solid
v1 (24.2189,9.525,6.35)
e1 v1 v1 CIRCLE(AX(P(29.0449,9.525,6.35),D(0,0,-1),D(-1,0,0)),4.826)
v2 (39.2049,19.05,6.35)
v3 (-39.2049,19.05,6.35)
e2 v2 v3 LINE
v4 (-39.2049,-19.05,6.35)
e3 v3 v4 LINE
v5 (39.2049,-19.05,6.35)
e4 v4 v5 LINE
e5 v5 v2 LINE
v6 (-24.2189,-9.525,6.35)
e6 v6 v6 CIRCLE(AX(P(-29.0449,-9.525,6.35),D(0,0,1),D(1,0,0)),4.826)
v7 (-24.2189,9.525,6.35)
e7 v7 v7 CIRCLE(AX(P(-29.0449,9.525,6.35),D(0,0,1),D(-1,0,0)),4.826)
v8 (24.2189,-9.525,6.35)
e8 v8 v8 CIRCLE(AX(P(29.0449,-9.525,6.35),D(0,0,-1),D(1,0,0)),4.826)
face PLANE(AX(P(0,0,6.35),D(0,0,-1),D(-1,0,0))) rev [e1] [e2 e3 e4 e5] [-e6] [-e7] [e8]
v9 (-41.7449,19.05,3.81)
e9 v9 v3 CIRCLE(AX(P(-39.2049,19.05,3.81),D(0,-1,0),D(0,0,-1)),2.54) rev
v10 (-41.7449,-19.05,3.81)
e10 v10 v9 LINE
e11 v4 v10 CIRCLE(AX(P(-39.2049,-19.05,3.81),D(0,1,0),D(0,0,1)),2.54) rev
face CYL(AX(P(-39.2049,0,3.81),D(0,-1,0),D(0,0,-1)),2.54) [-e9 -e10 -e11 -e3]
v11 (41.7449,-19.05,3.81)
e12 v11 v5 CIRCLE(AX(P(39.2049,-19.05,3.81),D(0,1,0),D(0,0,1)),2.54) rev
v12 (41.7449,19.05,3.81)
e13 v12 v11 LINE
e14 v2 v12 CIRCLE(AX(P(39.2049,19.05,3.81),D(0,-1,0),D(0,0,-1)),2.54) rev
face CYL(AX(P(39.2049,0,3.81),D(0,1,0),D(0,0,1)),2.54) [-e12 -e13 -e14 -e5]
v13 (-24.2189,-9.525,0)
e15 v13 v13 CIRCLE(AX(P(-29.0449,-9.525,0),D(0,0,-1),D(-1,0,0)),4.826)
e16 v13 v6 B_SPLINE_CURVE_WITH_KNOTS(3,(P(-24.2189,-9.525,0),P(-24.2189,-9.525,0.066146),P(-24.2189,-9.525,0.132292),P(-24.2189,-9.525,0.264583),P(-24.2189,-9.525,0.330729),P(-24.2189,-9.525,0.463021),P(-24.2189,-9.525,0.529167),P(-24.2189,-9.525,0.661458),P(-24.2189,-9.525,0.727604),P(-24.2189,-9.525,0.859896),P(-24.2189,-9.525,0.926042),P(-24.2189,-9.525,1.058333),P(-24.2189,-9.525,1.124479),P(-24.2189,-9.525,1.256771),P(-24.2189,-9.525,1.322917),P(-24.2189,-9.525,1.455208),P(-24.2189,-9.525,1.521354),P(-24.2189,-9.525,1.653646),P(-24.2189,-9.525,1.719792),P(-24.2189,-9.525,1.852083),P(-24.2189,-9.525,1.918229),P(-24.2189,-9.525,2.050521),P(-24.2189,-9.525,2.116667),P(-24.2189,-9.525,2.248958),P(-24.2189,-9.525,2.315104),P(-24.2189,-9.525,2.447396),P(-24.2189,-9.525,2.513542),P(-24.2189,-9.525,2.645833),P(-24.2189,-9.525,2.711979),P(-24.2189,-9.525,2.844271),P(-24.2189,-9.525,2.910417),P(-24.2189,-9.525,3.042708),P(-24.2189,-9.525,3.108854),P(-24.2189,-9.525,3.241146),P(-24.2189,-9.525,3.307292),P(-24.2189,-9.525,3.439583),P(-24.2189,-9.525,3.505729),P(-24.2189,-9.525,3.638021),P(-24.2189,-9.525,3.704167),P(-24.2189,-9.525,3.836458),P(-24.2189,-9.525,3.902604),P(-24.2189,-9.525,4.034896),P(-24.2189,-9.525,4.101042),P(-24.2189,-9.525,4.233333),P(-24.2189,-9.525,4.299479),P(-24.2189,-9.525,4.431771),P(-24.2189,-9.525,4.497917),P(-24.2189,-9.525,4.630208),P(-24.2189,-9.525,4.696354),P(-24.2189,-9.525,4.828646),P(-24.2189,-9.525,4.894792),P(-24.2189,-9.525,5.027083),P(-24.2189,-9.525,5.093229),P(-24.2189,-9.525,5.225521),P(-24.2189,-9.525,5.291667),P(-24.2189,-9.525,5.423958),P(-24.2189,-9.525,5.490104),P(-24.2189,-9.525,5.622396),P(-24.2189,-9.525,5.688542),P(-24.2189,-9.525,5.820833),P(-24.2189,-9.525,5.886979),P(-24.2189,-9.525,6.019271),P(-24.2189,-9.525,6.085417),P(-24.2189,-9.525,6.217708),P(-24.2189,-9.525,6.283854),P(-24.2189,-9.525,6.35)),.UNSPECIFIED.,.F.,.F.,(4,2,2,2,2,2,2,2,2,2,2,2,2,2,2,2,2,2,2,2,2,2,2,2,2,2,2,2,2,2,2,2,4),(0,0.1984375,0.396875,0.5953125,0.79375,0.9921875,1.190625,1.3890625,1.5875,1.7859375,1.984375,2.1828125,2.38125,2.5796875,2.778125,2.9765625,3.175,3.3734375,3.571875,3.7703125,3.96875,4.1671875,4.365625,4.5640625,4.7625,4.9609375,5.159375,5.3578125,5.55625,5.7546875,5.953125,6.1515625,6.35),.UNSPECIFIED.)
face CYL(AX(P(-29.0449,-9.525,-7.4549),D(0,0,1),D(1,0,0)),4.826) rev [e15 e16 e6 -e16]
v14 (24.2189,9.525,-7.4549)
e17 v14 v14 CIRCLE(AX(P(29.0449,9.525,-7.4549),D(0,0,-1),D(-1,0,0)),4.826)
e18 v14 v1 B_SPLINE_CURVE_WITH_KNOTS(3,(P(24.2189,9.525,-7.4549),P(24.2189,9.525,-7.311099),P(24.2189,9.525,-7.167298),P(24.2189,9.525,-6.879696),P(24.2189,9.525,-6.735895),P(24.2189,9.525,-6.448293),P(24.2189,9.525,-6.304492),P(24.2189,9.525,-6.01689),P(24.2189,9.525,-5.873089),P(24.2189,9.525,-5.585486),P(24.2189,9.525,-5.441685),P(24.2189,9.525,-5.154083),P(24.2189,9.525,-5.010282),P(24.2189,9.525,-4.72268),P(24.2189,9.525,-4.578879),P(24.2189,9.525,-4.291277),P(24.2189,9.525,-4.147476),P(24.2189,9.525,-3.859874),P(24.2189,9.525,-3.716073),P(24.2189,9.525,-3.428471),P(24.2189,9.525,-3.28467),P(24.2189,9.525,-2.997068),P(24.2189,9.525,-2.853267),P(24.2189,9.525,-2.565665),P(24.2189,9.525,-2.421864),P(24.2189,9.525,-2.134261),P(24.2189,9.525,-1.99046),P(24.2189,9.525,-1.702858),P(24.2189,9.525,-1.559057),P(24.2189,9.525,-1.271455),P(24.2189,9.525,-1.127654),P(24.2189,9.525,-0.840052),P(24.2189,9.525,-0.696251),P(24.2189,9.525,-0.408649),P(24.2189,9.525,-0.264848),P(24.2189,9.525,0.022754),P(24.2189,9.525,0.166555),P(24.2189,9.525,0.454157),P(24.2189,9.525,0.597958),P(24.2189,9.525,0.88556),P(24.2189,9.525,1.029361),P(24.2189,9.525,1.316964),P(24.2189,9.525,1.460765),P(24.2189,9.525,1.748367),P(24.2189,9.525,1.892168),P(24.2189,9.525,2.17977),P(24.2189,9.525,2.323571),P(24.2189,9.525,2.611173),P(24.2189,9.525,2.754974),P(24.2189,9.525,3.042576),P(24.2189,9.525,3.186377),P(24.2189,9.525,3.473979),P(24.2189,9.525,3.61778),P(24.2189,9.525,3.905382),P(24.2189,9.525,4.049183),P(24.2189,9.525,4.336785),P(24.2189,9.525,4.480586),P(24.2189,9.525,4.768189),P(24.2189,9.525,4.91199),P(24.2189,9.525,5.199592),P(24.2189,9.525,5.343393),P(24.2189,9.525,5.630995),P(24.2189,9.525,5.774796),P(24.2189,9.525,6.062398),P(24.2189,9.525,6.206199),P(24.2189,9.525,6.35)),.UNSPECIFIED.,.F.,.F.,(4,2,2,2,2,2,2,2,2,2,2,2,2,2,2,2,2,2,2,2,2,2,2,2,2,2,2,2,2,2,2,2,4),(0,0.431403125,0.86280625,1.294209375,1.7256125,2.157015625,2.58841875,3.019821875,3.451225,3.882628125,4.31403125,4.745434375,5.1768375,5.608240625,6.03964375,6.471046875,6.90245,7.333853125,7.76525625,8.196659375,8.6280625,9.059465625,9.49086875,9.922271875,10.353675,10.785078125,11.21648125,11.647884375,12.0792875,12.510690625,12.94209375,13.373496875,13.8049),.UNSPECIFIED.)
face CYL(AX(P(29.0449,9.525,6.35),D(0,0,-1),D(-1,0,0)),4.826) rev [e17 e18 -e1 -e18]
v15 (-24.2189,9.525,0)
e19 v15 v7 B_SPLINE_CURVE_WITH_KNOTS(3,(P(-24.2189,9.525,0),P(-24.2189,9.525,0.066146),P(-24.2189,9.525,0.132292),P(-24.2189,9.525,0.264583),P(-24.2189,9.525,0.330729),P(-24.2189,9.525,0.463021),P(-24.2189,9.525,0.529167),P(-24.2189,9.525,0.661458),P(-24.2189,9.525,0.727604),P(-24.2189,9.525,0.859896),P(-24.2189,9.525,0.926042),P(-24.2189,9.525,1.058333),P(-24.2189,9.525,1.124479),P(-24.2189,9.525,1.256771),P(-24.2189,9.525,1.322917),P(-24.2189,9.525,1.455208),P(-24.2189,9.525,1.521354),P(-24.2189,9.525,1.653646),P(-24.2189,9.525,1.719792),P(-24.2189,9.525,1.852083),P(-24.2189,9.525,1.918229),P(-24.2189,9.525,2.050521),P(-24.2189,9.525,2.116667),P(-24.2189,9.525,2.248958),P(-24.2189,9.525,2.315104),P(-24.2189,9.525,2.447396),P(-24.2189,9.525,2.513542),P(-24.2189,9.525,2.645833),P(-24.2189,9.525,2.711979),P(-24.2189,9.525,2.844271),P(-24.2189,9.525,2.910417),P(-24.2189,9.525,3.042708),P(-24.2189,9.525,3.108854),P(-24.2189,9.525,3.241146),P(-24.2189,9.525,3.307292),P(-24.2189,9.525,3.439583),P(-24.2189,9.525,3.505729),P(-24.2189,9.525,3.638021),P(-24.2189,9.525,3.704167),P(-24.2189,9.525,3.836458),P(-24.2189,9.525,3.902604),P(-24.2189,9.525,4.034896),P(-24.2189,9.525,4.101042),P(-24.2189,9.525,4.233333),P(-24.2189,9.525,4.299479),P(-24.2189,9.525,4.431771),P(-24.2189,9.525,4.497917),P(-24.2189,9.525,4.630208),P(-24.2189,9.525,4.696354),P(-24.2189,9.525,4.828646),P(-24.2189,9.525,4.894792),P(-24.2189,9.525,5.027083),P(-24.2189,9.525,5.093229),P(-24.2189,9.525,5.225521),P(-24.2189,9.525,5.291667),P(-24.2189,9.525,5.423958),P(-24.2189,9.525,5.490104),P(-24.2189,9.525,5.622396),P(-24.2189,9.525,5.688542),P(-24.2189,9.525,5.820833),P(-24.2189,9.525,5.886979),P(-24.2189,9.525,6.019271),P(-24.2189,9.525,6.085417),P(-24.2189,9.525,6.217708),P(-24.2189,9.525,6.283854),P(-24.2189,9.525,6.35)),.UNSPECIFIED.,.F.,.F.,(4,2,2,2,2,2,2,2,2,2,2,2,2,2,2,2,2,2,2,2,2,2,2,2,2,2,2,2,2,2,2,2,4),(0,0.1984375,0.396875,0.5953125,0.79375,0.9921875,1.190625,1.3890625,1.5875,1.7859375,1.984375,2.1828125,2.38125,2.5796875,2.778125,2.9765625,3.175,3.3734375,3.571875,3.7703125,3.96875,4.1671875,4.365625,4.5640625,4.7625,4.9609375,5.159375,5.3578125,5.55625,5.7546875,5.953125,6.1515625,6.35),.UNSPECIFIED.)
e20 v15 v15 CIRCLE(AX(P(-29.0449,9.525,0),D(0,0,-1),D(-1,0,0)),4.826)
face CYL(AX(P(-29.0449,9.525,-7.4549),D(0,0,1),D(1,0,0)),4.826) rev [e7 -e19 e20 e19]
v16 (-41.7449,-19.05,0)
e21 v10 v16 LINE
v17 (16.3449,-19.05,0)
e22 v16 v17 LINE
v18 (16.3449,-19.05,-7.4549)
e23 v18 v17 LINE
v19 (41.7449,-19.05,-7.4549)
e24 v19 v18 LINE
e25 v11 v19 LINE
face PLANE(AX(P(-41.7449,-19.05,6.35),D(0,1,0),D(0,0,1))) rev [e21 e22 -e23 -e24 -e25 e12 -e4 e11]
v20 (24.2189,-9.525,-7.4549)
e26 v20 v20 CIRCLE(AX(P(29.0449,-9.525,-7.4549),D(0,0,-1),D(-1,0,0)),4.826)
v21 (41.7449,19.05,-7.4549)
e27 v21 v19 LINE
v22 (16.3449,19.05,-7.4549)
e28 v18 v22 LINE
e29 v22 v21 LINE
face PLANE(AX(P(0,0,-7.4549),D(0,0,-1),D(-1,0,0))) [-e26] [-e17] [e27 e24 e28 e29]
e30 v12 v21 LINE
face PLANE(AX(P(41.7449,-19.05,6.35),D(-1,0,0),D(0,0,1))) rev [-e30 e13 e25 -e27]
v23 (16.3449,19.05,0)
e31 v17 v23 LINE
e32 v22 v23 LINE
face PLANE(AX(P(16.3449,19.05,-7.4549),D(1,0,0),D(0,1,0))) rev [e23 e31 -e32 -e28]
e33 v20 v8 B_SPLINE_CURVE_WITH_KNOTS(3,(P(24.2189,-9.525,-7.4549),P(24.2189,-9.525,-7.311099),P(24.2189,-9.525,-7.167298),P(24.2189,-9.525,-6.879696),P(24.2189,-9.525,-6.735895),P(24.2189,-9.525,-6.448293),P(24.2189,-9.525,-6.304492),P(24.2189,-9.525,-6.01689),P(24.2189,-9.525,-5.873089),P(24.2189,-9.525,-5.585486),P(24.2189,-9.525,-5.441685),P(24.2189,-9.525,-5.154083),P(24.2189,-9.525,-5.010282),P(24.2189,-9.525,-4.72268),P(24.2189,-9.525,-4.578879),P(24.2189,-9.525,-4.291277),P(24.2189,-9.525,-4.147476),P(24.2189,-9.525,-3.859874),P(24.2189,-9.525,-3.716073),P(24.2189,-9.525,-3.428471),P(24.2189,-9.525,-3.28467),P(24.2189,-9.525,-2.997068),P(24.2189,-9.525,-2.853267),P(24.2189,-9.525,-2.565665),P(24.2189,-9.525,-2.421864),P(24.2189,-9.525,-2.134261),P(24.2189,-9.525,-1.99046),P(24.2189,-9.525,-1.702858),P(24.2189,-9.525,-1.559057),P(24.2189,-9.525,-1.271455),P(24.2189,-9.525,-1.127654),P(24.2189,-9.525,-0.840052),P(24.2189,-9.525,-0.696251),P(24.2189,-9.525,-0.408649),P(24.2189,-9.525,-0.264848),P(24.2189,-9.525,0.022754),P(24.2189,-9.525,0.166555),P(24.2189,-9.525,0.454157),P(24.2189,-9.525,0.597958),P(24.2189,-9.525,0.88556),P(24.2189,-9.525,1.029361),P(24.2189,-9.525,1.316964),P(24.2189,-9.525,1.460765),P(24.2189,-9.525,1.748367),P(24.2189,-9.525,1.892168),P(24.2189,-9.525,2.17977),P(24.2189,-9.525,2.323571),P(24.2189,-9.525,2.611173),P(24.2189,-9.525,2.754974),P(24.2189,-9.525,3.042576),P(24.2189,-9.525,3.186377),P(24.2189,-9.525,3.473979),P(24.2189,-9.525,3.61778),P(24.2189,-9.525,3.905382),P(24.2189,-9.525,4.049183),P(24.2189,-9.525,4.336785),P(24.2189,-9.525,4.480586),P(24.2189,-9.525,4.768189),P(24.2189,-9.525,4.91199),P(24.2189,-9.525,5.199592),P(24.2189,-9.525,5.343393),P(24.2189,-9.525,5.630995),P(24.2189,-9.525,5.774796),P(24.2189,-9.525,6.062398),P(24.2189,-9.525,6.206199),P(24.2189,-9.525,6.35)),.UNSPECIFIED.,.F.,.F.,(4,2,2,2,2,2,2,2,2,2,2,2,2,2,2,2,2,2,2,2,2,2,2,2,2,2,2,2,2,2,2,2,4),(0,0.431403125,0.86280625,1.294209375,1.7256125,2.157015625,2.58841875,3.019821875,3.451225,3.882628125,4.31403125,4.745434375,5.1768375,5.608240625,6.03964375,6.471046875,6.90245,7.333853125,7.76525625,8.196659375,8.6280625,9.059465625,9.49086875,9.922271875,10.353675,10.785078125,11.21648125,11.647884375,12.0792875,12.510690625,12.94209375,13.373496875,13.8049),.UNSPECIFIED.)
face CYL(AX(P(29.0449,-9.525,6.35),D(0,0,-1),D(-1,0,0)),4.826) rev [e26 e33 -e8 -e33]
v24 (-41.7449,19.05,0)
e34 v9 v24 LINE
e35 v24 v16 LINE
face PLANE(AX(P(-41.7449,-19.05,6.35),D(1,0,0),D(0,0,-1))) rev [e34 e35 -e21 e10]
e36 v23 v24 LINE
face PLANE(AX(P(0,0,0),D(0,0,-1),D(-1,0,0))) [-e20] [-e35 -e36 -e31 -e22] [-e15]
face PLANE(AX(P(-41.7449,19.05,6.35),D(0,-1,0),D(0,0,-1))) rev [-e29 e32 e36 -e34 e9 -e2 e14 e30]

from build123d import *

# Parameters (mm, degrees)
SKETCH1_W               = 83.4898
SKETCH1_H               = 38.1
BOSS_EXTRUDE1_DEPTH     = 6.35
SKETCH2_W               = 25.4
SKETCH2_H               = 38.1
BOSS_EXTRUDE2_DEPTH     = 7.4549
CUT_EXTRUDE1_DEPTH      = 48.917788347
CUT_EXTRUDE1_DEPTH_BACK = 48.917788347
SKETCH6_R               = 4.826
SKETCH8_R               = 4.826
CUT_EXTRUDE2_DEPTH      = 48.917788347
FILLET1_R               = 2.54


with BuildPart() as part:
    # Sketch1 → Boss-Extrude1 (new body)
    with BuildSketch(Plane.XY):
        Rectangle(SKETCH1_W, SKETCH1_H)
    extrude(amount=BOSS_EXTRUDE1_DEPTH)

    # Sketch2 → Boss-Extrude2 (add)
    with BuildSketch(Plane(origin=(0, 0, 0), x_dir=(-1, 0, 0), z_dir=(0, 0, -1))):
        with Locations((-29.0449, 0)):
            Rectangle(SKETCH2_W, SKETCH2_H)
    extrude(amount=BOSS_EXTRUDE2_DEPTH)

    # Sketch6 → Cut-Extrude1 (cut, two sides: drawn at the far end of the back side and taken through both)
    with BuildSketch(Plane(origin=(0, 0, -7.4549), x_dir=(-1, 0, 0), z_dir=(0, 0, -1)).offset(-CUT_EXTRUDE1_DEPTH_BACK)):
        with Locations((-29.0449, 9.525)):
            Circle(SKETCH6_R)
        with Locations((-29.0449, -9.525)):
            Circle(SKETCH6_R)
    extrude(amount=CUT_EXTRUDE1_DEPTH + CUT_EXTRUDE1_DEPTH_BACK, mode=Mode.SUBTRACT)

    # Sketch8 → Cut-Extrude2 (cut, through all)
    with BuildSketch(Plane.XY.offset(6.35)):
        with Locations((-29.0449, -9.525)):
            Circle(SKETCH8_R)
        with Locations((-29.0449, 9.525)):
            Circle(SKETCH8_R)
    extrude(amount=-CUT_EXTRUDE2_DEPTH, mode=Mode.SUBTRACT)

    # Fillet1
    fillet1_edges = [part.edges().sort_by_distance(p)[0] for p in [
        (-41.7449, 0, 6.35),
        (41.7449, 0, 6.35),
    ]]
    fillet(fillet1_edges, radius=FILLET1_R)


solid = part.part
